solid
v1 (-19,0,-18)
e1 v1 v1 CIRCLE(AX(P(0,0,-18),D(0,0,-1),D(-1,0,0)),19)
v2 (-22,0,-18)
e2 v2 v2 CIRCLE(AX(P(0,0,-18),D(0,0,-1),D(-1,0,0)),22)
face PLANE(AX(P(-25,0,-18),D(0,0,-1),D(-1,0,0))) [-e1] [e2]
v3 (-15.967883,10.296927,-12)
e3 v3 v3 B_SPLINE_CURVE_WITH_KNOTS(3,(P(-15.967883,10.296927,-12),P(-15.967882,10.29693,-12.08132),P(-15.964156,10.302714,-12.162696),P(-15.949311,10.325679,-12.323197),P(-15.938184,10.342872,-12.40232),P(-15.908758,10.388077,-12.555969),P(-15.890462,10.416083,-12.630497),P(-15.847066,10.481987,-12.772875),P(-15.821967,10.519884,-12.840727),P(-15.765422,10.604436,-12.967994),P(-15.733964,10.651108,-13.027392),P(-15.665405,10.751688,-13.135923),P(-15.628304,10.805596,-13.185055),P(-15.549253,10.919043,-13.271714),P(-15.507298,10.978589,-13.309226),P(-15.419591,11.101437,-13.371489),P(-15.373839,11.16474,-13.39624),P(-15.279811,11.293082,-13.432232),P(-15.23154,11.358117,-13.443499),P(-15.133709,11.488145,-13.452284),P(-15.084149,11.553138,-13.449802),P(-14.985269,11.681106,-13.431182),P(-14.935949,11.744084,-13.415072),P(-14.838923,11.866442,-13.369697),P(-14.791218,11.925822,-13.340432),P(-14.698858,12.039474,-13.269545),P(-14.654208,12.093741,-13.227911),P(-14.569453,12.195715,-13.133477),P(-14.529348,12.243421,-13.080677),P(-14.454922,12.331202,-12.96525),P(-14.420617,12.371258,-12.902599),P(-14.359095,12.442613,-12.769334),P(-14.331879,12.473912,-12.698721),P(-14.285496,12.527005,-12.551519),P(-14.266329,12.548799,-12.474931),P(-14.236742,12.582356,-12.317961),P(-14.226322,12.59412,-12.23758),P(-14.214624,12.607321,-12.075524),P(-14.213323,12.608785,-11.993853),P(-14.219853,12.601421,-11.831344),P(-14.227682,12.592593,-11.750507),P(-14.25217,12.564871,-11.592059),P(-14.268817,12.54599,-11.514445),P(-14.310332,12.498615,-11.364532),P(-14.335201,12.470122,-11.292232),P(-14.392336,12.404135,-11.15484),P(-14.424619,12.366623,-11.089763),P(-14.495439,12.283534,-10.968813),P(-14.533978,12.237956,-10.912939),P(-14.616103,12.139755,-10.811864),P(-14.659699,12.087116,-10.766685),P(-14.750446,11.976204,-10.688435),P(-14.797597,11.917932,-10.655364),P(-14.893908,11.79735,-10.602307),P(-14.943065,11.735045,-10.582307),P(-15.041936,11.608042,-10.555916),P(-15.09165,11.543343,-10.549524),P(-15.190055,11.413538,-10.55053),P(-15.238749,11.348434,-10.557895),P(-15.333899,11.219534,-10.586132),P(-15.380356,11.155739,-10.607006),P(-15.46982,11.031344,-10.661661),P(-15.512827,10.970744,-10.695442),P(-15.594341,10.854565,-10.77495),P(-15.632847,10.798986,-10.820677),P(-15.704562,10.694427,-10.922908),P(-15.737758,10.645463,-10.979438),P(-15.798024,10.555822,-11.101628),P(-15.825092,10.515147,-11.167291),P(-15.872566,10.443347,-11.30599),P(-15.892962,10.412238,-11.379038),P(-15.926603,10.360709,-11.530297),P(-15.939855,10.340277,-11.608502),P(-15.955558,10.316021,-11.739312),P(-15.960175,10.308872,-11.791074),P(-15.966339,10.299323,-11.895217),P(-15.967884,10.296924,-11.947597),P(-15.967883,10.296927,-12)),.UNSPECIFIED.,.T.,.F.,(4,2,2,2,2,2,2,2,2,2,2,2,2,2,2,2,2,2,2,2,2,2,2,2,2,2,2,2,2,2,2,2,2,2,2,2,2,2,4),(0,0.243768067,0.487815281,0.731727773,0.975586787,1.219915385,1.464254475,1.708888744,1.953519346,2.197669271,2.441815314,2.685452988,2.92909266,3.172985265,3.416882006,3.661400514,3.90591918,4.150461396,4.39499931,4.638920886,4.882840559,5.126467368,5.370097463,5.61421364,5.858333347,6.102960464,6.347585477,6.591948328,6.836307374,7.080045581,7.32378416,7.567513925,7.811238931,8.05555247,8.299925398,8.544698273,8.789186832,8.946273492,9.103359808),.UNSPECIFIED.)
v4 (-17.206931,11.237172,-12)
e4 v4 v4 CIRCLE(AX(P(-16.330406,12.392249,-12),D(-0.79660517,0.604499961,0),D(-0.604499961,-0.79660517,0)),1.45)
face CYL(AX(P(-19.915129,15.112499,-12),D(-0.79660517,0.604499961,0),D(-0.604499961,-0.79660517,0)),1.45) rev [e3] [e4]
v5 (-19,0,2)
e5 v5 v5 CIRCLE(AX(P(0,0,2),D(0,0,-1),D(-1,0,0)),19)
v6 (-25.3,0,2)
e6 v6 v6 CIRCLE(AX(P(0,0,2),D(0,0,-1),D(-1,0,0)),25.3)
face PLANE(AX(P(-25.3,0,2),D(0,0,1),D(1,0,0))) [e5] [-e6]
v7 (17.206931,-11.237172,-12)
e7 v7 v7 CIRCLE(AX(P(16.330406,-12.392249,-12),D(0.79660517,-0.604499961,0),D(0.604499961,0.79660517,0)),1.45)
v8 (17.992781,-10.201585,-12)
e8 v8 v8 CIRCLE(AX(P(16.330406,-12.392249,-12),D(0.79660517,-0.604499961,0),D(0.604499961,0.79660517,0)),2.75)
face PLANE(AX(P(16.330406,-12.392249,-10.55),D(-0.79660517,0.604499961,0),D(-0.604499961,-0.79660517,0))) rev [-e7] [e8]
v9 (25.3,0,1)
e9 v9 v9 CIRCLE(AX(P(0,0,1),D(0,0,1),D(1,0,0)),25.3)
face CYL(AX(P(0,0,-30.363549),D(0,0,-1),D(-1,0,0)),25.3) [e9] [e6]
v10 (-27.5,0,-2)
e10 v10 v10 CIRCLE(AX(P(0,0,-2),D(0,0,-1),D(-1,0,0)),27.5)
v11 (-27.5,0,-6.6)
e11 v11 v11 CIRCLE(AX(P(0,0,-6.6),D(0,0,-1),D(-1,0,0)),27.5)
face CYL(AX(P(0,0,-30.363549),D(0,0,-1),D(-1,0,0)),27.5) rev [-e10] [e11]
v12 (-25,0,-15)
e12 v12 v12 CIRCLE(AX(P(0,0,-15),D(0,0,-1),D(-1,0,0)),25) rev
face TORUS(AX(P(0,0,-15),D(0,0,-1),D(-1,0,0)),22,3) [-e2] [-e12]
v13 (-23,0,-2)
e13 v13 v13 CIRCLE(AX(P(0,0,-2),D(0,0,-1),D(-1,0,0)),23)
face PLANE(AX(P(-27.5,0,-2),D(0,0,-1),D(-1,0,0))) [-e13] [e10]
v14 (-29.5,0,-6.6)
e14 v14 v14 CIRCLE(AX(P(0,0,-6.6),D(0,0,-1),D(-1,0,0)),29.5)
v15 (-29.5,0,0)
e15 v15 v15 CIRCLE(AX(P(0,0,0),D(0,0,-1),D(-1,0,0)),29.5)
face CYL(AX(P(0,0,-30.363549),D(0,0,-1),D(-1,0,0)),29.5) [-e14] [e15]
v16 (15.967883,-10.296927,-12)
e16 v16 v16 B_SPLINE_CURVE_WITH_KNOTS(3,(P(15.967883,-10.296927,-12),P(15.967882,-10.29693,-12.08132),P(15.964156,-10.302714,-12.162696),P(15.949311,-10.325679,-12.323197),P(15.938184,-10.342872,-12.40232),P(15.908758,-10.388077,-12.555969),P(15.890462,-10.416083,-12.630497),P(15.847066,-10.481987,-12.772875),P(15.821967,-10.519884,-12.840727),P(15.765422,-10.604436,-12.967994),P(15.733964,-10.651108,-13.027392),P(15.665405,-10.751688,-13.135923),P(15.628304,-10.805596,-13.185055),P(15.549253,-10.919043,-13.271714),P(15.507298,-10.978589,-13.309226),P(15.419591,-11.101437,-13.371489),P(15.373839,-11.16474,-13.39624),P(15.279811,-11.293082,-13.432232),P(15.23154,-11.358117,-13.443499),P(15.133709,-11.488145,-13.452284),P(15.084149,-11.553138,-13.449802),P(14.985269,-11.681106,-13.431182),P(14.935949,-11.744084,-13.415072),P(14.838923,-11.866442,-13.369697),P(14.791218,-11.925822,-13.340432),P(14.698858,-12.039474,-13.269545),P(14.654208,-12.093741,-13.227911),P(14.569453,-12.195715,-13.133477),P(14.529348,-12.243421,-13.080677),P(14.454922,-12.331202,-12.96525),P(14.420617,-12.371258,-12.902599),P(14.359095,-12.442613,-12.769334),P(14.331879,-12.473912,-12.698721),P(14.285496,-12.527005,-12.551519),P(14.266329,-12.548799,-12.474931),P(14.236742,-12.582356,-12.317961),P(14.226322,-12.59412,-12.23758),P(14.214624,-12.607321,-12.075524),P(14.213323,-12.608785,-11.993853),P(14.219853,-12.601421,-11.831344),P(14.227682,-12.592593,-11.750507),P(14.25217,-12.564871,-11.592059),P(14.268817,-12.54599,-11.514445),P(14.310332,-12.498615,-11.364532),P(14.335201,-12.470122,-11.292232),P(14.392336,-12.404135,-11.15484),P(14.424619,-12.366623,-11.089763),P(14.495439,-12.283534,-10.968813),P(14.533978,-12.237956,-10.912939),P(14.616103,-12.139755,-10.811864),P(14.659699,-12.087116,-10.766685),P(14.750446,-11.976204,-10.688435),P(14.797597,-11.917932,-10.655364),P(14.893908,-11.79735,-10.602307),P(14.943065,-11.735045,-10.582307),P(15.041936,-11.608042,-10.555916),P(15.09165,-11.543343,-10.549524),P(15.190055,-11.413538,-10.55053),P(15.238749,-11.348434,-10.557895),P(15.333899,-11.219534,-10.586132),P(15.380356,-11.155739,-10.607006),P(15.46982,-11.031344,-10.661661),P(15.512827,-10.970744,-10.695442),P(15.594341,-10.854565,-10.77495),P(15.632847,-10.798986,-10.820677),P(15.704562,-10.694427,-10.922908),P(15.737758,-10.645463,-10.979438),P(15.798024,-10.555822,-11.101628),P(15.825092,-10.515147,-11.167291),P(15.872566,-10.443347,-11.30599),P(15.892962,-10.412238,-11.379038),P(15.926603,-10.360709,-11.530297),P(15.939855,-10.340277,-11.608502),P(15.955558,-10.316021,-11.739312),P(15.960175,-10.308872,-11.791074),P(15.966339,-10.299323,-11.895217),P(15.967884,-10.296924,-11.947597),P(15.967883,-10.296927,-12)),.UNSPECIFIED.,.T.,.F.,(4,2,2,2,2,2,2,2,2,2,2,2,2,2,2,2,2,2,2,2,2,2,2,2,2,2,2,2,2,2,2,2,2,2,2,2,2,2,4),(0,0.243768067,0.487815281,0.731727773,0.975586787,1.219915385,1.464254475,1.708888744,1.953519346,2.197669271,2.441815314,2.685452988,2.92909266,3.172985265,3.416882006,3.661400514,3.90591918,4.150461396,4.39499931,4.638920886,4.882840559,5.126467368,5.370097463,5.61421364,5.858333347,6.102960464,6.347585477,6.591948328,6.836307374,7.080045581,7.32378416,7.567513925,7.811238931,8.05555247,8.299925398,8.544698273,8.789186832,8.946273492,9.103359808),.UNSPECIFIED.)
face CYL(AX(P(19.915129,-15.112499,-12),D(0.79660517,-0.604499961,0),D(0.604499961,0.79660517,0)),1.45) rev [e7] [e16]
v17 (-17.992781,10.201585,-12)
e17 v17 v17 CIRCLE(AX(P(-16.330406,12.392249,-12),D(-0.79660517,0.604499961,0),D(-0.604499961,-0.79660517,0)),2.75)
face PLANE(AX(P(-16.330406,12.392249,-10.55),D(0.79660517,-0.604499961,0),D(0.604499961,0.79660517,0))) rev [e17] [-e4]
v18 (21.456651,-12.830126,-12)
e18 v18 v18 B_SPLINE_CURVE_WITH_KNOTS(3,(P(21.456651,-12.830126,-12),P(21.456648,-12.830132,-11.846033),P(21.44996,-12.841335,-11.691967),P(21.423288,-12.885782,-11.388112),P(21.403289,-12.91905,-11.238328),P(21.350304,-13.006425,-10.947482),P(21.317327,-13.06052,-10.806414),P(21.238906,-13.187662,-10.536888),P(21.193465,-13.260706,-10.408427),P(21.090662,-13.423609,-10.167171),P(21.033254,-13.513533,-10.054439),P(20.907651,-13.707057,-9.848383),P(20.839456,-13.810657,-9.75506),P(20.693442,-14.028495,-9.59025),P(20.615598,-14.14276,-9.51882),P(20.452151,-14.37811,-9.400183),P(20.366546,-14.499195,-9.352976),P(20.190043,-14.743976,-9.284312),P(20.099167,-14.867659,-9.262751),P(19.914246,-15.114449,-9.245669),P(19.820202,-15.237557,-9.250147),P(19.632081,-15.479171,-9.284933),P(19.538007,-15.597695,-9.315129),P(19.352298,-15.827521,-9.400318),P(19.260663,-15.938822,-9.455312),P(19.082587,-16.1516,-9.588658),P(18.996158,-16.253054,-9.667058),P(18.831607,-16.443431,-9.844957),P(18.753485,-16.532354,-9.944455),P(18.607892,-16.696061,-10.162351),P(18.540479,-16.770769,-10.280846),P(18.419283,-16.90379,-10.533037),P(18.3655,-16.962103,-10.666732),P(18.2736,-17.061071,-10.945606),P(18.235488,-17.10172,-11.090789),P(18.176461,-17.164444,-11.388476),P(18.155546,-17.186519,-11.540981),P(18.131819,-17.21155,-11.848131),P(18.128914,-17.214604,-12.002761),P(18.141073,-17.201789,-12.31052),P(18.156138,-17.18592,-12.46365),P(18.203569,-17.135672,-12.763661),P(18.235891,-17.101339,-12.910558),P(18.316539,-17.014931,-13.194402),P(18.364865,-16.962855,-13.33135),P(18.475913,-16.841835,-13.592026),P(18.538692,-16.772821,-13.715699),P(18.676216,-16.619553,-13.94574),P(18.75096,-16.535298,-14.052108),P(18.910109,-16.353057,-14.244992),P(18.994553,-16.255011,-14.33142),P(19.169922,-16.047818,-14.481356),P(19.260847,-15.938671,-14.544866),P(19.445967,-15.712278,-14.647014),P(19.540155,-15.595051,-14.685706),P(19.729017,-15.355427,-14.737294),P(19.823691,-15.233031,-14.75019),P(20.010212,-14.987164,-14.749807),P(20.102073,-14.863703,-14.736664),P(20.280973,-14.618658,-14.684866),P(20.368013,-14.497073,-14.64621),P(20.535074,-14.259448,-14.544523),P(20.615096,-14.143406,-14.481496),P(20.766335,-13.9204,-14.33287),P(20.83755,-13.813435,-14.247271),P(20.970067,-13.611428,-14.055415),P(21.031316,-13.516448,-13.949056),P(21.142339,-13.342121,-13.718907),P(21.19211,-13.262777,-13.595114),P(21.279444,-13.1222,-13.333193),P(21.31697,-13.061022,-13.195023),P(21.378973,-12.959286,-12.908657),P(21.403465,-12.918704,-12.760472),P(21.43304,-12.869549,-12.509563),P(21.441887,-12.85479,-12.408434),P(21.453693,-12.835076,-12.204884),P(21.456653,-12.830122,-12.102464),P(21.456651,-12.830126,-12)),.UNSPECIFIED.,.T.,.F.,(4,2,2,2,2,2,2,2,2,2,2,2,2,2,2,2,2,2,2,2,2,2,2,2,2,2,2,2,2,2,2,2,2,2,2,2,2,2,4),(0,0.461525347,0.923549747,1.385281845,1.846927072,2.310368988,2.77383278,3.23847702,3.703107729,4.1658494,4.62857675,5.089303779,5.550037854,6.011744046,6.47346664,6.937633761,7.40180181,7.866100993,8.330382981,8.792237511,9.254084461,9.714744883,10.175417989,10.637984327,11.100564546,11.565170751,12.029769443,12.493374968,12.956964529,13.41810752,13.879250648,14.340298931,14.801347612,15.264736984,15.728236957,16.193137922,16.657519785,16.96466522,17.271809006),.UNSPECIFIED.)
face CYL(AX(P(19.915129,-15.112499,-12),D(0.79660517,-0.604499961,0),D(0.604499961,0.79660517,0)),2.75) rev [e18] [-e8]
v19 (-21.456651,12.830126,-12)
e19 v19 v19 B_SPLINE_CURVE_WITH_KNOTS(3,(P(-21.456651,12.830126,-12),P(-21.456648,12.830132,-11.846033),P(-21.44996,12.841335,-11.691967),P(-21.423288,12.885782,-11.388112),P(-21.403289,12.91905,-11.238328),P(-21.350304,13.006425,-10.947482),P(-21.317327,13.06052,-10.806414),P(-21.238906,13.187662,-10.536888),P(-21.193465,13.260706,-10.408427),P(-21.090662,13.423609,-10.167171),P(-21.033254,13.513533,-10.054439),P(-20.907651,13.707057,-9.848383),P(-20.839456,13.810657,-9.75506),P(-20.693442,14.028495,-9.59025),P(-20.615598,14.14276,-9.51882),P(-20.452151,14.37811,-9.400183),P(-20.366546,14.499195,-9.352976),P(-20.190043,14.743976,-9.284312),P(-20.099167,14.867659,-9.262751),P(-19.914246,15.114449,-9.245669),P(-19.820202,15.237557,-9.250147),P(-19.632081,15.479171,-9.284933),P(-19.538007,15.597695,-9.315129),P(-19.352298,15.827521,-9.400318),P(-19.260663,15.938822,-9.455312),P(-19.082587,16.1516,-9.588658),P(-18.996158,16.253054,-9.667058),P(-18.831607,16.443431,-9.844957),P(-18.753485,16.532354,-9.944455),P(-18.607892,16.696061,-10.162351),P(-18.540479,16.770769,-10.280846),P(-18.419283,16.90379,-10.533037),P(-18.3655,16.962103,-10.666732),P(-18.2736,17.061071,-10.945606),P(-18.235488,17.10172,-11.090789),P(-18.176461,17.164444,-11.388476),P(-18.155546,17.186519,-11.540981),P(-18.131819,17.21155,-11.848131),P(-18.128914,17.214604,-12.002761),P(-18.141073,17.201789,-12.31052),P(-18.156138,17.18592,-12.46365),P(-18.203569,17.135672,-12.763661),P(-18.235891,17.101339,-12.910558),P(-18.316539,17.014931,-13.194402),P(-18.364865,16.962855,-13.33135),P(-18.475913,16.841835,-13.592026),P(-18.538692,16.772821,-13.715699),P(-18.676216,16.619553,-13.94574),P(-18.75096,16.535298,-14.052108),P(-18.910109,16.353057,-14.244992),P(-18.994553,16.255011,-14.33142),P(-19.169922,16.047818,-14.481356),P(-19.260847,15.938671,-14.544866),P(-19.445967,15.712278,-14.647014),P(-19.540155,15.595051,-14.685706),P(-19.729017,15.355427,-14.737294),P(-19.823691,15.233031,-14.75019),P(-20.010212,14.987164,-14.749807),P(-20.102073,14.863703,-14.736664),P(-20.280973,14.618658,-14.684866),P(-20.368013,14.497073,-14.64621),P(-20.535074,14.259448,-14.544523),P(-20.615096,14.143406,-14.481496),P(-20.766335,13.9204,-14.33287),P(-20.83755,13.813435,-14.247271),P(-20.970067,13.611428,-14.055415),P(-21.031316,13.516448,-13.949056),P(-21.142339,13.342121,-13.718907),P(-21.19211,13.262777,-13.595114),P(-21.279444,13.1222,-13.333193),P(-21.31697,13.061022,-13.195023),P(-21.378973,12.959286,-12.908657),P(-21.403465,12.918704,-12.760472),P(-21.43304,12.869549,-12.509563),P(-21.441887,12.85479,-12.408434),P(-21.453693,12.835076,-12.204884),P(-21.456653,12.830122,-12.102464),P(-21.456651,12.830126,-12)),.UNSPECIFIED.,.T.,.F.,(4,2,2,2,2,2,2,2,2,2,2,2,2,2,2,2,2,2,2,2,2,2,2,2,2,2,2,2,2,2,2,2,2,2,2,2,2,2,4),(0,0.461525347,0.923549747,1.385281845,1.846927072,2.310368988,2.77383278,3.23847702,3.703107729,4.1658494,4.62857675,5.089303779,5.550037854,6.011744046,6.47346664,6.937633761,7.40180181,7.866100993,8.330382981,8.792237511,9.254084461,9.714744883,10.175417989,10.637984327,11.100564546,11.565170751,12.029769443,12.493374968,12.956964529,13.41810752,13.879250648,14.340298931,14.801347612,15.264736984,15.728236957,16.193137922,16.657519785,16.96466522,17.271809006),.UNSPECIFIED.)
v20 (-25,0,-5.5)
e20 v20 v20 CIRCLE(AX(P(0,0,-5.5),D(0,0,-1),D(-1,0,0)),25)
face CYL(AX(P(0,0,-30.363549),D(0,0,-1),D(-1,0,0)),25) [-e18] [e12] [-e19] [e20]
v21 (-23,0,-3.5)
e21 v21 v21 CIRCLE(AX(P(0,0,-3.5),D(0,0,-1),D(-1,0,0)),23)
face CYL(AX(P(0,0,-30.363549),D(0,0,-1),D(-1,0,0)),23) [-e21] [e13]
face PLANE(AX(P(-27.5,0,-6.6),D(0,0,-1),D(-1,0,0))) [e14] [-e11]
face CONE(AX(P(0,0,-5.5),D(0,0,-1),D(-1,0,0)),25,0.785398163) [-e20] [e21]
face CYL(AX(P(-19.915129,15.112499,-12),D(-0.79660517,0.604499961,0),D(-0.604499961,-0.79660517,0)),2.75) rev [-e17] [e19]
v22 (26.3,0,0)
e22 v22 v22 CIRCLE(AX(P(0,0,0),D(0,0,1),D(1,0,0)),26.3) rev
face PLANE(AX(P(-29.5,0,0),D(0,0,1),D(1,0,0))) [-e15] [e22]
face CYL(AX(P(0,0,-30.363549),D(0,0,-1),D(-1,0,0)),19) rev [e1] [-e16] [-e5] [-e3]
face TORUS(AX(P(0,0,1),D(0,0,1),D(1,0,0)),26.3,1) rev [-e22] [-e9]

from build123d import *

# Parameters (mm, degrees)
FILLET1_R                                  = 3
FILLET2_R                                  = 1
CBORE_FOR_M2_5_SHCS1_D                     = 2.9
CBORE_FOR_M2_5_SHCS1_DEPTH                 = 8
CBORE_FOR_M2_5_SHCS1_CBORE_D               = 5.5
CBORE_FOR_M2_5_SHCS1_CBORE_DEPTH           = 4.5
CBORE_FOR_M2_5_SHCS1_TIP                   = 0.871247898
CBORE_FOR_M2_5_SHCS1_ON_FACE_2_D           = 2.9
CBORE_FOR_M2_5_SHCS1_ON_FACE_2_DEPTH       = 8
CBORE_FOR_M2_5_SHCS1_ON_FACE_2_CBORE_D     = 5.5
CBORE_FOR_M2_5_SHCS1_ON_FACE_2_CBORE_DEPTH = 4.5
CBORE_FOR_M2_5_SHCS1_ON_FACE_2_TIP         = 0.871247898


with BuildPart() as part:
    # Sketch2 → Revolve1 (revolve)
    with BuildSketch(Plane(origin=(0, 0, 0), x_dir=(1, 0, 0), z_dir=(0, 1, 0))):
        Polygon((-23, 2), (-23, 3.5), (-25, 5.5), (-25, 18), (-19, 18), (-19, -2), (-25.3, -2), (-25.3, 0), (-29.5, 0), (-29.5, 6.6), (-27.5, 6.6), (-27.5, 2), align=None)
    revolve(axis=Axis((0, 0, -30.363549001), (0, 0, 1)))

    # Fillet1
    fillet1_edges = [part.edges().sort_by_distance(p)[0] for p in [
        (25, 0, -18),
    ]]
    fillet(fillet1_edges, radius=FILLET1_R)

    # Fillet2
    fillet2_edges = [part.edges().sort_by_distance(p)[0] for p in [
        (25.3, 0, 0),
    ]]
    fillet(fillet2_edges, radius=FILLET2_R)

    # CBORE for M2.5 SHCS1
    with Locations(Plane(origin=(-19.915129246, 15.112499036, -12), x_dir=(-0.604499961451, -0.796605169834, 0), z_dir=(-0.796605169834, 0.604499961451, 0))):
        with Locations((0, 0)):
            CounterBoreHole(CBORE_FOR_M2_5_SHCS1_D / 2, CBORE_FOR_M2_5_SHCS1_CBORE_D / 2, CBORE_FOR_M2_5_SHCS1_CBORE_DEPTH, depth=CBORE_FOR_M2_5_SHCS1_DEPTH)
            with Locations((0, 0, -(CBORE_FOR_M2_5_SHCS1_DEPTH + CBORE_FOR_M2_5_SHCS1_TIP / 2))):  # 118° drill point
                Cone(0, CBORE_FOR_M2_5_SHCS1_D / 2, CBORE_FOR_M2_5_SHCS1_TIP, mode=Mode.SUBTRACT)

    # CBORE for M2.5 SHCS1 on face 2
    with Locations(Plane(origin=(19.915129246, -15.112499036, -12), x_dir=(0.604500067696, 0.79660508921, 0), z_dir=(0.79660508921, -0.604500067696, 0))):
        with Locations((0, 0)):
            CounterBoreHole(CBORE_FOR_M2_5_SHCS1_ON_FACE_2_D / 2, CBORE_FOR_M2_5_SHCS1_ON_FACE_2_CBORE_D / 2, CBORE_FOR_M2_5_SHCS1_ON_FACE_2_CBORE_DEPTH, depth=CBORE_FOR_M2_5_SHCS1_ON_FACE_2_DEPTH)
            with Locations((0, 0, -(CBORE_FOR_M2_5_SHCS1_ON_FACE_2_DEPTH + CBORE_FOR_M2_5_SHCS1_ON_FACE_2_TIP / 2))):  # 118° drill point
                Cone(0, CBORE_FOR_M2_5_SHCS1_ON_FACE_2_D / 2, CBORE_FOR_M2_5_SHCS1_ON_FACE_2_TIP, mode=Mode.SUBTRACT)


solid = part.part
